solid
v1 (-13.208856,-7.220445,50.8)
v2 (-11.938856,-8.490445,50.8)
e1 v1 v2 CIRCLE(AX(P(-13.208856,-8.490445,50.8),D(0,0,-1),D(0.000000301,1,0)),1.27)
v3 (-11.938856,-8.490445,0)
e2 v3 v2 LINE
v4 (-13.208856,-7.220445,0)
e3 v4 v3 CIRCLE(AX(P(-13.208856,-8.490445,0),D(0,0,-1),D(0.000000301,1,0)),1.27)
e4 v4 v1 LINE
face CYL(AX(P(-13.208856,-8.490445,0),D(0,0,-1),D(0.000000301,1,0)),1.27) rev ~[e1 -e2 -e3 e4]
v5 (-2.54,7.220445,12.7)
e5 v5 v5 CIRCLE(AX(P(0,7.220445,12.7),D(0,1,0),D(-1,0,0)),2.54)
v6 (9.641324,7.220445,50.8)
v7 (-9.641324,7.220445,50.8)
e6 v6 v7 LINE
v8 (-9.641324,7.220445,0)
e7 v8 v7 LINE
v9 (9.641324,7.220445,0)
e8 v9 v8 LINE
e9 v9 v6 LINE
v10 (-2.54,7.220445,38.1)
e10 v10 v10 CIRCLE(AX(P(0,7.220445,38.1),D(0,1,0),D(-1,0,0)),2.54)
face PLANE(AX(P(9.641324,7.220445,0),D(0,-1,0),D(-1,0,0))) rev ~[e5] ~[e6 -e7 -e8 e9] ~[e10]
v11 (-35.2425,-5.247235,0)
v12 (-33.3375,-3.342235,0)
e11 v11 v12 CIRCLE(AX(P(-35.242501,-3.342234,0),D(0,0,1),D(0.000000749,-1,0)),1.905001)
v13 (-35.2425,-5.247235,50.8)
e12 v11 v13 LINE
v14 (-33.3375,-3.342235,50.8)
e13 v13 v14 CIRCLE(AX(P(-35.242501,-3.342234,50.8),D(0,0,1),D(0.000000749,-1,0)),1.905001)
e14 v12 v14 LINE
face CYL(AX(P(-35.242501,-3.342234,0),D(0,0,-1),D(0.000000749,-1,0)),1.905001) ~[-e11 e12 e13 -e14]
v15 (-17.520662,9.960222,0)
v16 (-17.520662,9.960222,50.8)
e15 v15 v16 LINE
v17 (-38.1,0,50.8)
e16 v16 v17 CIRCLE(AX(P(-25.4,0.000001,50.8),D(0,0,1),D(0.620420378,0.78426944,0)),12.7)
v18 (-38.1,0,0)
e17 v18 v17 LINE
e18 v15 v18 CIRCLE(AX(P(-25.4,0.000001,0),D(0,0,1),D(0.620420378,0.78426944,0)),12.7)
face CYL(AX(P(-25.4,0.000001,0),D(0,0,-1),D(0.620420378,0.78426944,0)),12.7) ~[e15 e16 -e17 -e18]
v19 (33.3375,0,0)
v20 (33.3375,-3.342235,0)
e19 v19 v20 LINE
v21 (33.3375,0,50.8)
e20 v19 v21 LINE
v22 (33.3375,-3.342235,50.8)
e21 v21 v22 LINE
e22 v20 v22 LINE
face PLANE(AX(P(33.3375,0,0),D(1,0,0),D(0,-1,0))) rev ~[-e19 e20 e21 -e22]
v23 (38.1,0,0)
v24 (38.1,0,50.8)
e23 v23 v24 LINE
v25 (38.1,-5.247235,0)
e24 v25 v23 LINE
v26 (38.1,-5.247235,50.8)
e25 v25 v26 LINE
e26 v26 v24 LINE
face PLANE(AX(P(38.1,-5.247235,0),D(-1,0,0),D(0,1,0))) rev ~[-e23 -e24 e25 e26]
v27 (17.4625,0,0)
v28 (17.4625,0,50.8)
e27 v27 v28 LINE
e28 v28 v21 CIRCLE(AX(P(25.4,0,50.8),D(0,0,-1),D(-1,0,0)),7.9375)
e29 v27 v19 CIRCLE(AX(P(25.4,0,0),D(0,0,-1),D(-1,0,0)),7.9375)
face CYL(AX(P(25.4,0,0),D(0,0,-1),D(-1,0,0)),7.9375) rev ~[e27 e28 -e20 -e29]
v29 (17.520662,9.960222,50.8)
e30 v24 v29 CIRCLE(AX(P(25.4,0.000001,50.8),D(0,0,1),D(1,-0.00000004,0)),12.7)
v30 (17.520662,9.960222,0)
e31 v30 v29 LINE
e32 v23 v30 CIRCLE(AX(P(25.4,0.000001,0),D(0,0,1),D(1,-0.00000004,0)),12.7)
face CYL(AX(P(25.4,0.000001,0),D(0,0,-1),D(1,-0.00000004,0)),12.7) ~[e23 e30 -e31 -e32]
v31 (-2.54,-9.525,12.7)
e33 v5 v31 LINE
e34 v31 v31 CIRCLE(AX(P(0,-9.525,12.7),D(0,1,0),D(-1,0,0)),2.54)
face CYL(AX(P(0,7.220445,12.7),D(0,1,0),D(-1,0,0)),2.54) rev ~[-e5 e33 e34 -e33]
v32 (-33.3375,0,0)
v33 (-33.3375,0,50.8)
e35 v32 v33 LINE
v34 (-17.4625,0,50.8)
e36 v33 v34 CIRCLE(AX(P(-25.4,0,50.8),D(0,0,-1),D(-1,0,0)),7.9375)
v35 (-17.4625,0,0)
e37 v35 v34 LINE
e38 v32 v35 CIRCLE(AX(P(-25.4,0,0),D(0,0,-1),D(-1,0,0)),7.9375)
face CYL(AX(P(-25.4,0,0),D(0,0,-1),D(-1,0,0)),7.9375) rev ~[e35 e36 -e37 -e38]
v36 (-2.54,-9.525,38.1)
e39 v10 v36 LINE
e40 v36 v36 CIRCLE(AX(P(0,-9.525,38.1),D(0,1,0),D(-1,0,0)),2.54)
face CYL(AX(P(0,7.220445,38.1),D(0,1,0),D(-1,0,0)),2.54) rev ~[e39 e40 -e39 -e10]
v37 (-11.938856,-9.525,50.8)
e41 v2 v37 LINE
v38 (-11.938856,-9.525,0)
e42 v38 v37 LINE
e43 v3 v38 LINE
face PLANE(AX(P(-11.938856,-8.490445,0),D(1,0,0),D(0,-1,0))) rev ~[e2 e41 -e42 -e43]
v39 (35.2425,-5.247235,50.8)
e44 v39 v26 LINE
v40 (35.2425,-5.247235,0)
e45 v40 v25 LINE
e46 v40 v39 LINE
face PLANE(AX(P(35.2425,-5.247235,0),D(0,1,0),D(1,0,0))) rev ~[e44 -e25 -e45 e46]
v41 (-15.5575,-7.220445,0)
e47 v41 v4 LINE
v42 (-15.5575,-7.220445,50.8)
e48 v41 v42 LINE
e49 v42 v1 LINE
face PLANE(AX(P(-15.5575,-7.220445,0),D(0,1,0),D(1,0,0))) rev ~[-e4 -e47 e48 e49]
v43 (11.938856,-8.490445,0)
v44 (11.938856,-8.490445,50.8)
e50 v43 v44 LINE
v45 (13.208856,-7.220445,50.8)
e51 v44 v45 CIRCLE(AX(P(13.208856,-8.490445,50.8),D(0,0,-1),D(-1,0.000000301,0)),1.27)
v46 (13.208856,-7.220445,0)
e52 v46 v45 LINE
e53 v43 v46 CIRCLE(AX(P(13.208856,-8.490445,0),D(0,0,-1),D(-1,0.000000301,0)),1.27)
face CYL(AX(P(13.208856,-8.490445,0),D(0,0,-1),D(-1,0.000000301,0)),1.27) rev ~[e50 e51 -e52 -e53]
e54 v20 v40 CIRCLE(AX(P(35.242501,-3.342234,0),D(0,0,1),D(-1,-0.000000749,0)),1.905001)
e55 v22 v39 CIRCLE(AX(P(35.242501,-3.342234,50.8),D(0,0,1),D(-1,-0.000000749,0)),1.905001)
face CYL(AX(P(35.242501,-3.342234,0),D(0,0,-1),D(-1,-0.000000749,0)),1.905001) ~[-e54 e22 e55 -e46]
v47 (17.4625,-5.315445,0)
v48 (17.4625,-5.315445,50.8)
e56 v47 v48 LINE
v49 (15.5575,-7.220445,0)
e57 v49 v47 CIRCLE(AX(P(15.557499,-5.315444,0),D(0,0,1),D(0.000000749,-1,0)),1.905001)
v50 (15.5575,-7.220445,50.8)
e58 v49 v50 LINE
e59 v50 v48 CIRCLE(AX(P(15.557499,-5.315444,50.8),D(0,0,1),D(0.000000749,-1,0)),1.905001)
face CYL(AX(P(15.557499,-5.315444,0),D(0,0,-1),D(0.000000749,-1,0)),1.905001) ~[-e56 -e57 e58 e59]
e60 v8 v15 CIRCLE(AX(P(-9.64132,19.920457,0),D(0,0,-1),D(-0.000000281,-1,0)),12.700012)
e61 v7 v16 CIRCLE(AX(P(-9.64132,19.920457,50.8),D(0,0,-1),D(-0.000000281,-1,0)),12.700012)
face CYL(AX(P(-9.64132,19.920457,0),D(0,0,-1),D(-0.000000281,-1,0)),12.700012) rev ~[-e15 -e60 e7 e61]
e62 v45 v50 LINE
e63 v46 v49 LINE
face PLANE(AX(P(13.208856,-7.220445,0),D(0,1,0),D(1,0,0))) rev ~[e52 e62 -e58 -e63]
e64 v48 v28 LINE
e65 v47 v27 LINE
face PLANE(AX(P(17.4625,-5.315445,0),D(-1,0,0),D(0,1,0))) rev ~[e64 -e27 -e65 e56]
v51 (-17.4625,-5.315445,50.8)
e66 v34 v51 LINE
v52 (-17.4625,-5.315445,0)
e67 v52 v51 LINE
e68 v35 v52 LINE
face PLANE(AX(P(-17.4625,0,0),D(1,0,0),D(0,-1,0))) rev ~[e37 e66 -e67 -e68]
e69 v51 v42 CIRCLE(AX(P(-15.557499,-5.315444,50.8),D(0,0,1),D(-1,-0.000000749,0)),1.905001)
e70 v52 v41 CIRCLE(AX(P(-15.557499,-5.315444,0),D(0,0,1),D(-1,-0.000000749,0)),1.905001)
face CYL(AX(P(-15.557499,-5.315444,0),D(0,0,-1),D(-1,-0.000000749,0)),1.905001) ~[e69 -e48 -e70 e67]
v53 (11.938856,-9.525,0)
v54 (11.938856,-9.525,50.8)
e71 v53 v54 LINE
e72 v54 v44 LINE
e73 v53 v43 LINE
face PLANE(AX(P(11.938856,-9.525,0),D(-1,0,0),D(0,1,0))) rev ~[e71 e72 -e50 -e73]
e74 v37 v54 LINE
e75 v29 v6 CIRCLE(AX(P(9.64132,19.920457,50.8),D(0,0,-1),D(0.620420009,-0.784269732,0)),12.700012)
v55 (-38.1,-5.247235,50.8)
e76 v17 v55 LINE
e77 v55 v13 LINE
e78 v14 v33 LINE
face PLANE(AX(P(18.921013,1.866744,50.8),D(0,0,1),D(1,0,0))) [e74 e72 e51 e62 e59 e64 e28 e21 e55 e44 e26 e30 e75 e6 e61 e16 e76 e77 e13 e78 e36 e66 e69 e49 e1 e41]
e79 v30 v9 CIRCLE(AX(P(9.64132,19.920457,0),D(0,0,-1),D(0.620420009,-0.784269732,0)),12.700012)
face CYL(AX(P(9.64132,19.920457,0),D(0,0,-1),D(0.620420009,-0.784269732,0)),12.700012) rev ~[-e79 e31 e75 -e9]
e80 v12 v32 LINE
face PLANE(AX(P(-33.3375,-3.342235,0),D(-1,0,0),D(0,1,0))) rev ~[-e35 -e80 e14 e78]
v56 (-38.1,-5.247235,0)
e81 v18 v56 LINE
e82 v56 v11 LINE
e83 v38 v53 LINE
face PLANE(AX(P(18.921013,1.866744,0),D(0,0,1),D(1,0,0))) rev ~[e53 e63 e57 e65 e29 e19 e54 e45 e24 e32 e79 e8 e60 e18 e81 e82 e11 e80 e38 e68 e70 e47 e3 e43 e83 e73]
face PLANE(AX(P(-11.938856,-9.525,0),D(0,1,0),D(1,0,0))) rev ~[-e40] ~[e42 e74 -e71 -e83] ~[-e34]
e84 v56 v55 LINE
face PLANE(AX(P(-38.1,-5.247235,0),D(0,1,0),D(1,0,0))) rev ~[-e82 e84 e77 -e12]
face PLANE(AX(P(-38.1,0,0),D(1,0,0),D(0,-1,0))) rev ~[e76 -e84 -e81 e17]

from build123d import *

# Parameters (mm, degrees)
F1_DEPTH = 50.8
F2_R     = 2.54
F3_DEPTH = 16.746445


with BuildPart() as f1:
    # F0 (on Top) → F1 (new body)
    with BuildSketch(Plane.XY):
        with BuildLine():
            Line((38.1, -5.247235), (38.1, 0))
            ThreePointArc((38.1, 0), (30.932739, 11.431483), (17.520662, 9.960222))
            ThreePointArc((17.520662, 9.960222), (13.812365, 7.924929), (9.641324, 7.220445))
            Line((9.641324, 7.220445), (0, 7.220445))
            Line((0, 7.220445), (0, -9.525))
            Line((0, -9.525), (11.938856, -9.525))
            Line((11.938856, -9.525), (11.938856, -8.490445))
            ThreePointArc((11.938856, -8.490445), (12.310831, -7.592419), (13.208856, -7.220445))
            Line((13.208856, -7.220445), (14.952265, -7.220445))
            Line((14.952265, -7.220445), (15.5575, -7.220445))
            ThreePointArc((15.5575, -7.220445), (16.904538, -6.662483), (17.4625, -5.315445))
            Line((17.4625, -5.315445), (17.4625, 0))
            ThreePointArc((17.4625, 0), (25.4, 7.9375), (33.3375, 0))
            Line((33.3375, 0), (33.3375, -3.342235))
            ThreePointArc((33.3375, -3.342235), (33.895462, -4.689273), (35.2425, -5.247235))
            Line((35.2425, -5.247235), (38.1, -5.247235))
        make_face()
        with BuildLine():
            Line((0, -9.525), (0, 7.220445))
            Line((0, 7.220445), (-9.641324, 7.220445))
            ThreePointArc((-9.641324, 7.220445), (-13.812365, 7.924929), (-17.520662, 9.960222))
            ThreePointArc((-17.520662, 9.960222), (-30.932739, 11.431483), (-38.1, 0))
            Line((-38.1, 0), (-38.1, -5.247235))
            Line((-38.1, -5.247235), (-35.2425, -5.247235))
            ThreePointArc((-35.2425, -5.247235), (-33.895462, -4.689273), (-33.3375, -3.342235))
            Line((-33.3375, -3.342235), (-33.3375, 0))
            ThreePointArc((-33.3375, 0), (-25.4, 7.9375), (-17.4625, 0))
            Line((-17.4625, 0), (-17.4625, -5.315445))
            ThreePointArc((-17.4625, -5.315445), (-16.904538, -6.662483), (-15.5575, -7.220445))
            Line((-15.5575, -7.220445), (-14.952265, -7.220445))
            Line((-14.952265, -7.220445), (-13.208856, -7.220445))
            ThreePointArc((-13.208856, -7.220445), (-12.310831, -7.592419), (-11.938856, -8.490445))
            Line((-11.938856, -8.490445), (-11.938856, -9.525))
            Line((-11.938856, -9.525), (0, -9.525))
        make_face()
    extrude(amount=F1_DEPTH)

    # F2 (on face) → F3 (cut, through all)
    with BuildSketch(Plane(origin=(0, 7.220445, 0), x_dir=(-1, 0, 0), z_dir=(0, 1, 0))):
        with Locations((0, 12.7)):
            Circle(F2_R)
        with Locations((0, 38.1)):
            Circle(F2_R)
    extrude(amount=-F3_DEPTH, mode=Mode.SUBTRACT)


solid = f1.part
